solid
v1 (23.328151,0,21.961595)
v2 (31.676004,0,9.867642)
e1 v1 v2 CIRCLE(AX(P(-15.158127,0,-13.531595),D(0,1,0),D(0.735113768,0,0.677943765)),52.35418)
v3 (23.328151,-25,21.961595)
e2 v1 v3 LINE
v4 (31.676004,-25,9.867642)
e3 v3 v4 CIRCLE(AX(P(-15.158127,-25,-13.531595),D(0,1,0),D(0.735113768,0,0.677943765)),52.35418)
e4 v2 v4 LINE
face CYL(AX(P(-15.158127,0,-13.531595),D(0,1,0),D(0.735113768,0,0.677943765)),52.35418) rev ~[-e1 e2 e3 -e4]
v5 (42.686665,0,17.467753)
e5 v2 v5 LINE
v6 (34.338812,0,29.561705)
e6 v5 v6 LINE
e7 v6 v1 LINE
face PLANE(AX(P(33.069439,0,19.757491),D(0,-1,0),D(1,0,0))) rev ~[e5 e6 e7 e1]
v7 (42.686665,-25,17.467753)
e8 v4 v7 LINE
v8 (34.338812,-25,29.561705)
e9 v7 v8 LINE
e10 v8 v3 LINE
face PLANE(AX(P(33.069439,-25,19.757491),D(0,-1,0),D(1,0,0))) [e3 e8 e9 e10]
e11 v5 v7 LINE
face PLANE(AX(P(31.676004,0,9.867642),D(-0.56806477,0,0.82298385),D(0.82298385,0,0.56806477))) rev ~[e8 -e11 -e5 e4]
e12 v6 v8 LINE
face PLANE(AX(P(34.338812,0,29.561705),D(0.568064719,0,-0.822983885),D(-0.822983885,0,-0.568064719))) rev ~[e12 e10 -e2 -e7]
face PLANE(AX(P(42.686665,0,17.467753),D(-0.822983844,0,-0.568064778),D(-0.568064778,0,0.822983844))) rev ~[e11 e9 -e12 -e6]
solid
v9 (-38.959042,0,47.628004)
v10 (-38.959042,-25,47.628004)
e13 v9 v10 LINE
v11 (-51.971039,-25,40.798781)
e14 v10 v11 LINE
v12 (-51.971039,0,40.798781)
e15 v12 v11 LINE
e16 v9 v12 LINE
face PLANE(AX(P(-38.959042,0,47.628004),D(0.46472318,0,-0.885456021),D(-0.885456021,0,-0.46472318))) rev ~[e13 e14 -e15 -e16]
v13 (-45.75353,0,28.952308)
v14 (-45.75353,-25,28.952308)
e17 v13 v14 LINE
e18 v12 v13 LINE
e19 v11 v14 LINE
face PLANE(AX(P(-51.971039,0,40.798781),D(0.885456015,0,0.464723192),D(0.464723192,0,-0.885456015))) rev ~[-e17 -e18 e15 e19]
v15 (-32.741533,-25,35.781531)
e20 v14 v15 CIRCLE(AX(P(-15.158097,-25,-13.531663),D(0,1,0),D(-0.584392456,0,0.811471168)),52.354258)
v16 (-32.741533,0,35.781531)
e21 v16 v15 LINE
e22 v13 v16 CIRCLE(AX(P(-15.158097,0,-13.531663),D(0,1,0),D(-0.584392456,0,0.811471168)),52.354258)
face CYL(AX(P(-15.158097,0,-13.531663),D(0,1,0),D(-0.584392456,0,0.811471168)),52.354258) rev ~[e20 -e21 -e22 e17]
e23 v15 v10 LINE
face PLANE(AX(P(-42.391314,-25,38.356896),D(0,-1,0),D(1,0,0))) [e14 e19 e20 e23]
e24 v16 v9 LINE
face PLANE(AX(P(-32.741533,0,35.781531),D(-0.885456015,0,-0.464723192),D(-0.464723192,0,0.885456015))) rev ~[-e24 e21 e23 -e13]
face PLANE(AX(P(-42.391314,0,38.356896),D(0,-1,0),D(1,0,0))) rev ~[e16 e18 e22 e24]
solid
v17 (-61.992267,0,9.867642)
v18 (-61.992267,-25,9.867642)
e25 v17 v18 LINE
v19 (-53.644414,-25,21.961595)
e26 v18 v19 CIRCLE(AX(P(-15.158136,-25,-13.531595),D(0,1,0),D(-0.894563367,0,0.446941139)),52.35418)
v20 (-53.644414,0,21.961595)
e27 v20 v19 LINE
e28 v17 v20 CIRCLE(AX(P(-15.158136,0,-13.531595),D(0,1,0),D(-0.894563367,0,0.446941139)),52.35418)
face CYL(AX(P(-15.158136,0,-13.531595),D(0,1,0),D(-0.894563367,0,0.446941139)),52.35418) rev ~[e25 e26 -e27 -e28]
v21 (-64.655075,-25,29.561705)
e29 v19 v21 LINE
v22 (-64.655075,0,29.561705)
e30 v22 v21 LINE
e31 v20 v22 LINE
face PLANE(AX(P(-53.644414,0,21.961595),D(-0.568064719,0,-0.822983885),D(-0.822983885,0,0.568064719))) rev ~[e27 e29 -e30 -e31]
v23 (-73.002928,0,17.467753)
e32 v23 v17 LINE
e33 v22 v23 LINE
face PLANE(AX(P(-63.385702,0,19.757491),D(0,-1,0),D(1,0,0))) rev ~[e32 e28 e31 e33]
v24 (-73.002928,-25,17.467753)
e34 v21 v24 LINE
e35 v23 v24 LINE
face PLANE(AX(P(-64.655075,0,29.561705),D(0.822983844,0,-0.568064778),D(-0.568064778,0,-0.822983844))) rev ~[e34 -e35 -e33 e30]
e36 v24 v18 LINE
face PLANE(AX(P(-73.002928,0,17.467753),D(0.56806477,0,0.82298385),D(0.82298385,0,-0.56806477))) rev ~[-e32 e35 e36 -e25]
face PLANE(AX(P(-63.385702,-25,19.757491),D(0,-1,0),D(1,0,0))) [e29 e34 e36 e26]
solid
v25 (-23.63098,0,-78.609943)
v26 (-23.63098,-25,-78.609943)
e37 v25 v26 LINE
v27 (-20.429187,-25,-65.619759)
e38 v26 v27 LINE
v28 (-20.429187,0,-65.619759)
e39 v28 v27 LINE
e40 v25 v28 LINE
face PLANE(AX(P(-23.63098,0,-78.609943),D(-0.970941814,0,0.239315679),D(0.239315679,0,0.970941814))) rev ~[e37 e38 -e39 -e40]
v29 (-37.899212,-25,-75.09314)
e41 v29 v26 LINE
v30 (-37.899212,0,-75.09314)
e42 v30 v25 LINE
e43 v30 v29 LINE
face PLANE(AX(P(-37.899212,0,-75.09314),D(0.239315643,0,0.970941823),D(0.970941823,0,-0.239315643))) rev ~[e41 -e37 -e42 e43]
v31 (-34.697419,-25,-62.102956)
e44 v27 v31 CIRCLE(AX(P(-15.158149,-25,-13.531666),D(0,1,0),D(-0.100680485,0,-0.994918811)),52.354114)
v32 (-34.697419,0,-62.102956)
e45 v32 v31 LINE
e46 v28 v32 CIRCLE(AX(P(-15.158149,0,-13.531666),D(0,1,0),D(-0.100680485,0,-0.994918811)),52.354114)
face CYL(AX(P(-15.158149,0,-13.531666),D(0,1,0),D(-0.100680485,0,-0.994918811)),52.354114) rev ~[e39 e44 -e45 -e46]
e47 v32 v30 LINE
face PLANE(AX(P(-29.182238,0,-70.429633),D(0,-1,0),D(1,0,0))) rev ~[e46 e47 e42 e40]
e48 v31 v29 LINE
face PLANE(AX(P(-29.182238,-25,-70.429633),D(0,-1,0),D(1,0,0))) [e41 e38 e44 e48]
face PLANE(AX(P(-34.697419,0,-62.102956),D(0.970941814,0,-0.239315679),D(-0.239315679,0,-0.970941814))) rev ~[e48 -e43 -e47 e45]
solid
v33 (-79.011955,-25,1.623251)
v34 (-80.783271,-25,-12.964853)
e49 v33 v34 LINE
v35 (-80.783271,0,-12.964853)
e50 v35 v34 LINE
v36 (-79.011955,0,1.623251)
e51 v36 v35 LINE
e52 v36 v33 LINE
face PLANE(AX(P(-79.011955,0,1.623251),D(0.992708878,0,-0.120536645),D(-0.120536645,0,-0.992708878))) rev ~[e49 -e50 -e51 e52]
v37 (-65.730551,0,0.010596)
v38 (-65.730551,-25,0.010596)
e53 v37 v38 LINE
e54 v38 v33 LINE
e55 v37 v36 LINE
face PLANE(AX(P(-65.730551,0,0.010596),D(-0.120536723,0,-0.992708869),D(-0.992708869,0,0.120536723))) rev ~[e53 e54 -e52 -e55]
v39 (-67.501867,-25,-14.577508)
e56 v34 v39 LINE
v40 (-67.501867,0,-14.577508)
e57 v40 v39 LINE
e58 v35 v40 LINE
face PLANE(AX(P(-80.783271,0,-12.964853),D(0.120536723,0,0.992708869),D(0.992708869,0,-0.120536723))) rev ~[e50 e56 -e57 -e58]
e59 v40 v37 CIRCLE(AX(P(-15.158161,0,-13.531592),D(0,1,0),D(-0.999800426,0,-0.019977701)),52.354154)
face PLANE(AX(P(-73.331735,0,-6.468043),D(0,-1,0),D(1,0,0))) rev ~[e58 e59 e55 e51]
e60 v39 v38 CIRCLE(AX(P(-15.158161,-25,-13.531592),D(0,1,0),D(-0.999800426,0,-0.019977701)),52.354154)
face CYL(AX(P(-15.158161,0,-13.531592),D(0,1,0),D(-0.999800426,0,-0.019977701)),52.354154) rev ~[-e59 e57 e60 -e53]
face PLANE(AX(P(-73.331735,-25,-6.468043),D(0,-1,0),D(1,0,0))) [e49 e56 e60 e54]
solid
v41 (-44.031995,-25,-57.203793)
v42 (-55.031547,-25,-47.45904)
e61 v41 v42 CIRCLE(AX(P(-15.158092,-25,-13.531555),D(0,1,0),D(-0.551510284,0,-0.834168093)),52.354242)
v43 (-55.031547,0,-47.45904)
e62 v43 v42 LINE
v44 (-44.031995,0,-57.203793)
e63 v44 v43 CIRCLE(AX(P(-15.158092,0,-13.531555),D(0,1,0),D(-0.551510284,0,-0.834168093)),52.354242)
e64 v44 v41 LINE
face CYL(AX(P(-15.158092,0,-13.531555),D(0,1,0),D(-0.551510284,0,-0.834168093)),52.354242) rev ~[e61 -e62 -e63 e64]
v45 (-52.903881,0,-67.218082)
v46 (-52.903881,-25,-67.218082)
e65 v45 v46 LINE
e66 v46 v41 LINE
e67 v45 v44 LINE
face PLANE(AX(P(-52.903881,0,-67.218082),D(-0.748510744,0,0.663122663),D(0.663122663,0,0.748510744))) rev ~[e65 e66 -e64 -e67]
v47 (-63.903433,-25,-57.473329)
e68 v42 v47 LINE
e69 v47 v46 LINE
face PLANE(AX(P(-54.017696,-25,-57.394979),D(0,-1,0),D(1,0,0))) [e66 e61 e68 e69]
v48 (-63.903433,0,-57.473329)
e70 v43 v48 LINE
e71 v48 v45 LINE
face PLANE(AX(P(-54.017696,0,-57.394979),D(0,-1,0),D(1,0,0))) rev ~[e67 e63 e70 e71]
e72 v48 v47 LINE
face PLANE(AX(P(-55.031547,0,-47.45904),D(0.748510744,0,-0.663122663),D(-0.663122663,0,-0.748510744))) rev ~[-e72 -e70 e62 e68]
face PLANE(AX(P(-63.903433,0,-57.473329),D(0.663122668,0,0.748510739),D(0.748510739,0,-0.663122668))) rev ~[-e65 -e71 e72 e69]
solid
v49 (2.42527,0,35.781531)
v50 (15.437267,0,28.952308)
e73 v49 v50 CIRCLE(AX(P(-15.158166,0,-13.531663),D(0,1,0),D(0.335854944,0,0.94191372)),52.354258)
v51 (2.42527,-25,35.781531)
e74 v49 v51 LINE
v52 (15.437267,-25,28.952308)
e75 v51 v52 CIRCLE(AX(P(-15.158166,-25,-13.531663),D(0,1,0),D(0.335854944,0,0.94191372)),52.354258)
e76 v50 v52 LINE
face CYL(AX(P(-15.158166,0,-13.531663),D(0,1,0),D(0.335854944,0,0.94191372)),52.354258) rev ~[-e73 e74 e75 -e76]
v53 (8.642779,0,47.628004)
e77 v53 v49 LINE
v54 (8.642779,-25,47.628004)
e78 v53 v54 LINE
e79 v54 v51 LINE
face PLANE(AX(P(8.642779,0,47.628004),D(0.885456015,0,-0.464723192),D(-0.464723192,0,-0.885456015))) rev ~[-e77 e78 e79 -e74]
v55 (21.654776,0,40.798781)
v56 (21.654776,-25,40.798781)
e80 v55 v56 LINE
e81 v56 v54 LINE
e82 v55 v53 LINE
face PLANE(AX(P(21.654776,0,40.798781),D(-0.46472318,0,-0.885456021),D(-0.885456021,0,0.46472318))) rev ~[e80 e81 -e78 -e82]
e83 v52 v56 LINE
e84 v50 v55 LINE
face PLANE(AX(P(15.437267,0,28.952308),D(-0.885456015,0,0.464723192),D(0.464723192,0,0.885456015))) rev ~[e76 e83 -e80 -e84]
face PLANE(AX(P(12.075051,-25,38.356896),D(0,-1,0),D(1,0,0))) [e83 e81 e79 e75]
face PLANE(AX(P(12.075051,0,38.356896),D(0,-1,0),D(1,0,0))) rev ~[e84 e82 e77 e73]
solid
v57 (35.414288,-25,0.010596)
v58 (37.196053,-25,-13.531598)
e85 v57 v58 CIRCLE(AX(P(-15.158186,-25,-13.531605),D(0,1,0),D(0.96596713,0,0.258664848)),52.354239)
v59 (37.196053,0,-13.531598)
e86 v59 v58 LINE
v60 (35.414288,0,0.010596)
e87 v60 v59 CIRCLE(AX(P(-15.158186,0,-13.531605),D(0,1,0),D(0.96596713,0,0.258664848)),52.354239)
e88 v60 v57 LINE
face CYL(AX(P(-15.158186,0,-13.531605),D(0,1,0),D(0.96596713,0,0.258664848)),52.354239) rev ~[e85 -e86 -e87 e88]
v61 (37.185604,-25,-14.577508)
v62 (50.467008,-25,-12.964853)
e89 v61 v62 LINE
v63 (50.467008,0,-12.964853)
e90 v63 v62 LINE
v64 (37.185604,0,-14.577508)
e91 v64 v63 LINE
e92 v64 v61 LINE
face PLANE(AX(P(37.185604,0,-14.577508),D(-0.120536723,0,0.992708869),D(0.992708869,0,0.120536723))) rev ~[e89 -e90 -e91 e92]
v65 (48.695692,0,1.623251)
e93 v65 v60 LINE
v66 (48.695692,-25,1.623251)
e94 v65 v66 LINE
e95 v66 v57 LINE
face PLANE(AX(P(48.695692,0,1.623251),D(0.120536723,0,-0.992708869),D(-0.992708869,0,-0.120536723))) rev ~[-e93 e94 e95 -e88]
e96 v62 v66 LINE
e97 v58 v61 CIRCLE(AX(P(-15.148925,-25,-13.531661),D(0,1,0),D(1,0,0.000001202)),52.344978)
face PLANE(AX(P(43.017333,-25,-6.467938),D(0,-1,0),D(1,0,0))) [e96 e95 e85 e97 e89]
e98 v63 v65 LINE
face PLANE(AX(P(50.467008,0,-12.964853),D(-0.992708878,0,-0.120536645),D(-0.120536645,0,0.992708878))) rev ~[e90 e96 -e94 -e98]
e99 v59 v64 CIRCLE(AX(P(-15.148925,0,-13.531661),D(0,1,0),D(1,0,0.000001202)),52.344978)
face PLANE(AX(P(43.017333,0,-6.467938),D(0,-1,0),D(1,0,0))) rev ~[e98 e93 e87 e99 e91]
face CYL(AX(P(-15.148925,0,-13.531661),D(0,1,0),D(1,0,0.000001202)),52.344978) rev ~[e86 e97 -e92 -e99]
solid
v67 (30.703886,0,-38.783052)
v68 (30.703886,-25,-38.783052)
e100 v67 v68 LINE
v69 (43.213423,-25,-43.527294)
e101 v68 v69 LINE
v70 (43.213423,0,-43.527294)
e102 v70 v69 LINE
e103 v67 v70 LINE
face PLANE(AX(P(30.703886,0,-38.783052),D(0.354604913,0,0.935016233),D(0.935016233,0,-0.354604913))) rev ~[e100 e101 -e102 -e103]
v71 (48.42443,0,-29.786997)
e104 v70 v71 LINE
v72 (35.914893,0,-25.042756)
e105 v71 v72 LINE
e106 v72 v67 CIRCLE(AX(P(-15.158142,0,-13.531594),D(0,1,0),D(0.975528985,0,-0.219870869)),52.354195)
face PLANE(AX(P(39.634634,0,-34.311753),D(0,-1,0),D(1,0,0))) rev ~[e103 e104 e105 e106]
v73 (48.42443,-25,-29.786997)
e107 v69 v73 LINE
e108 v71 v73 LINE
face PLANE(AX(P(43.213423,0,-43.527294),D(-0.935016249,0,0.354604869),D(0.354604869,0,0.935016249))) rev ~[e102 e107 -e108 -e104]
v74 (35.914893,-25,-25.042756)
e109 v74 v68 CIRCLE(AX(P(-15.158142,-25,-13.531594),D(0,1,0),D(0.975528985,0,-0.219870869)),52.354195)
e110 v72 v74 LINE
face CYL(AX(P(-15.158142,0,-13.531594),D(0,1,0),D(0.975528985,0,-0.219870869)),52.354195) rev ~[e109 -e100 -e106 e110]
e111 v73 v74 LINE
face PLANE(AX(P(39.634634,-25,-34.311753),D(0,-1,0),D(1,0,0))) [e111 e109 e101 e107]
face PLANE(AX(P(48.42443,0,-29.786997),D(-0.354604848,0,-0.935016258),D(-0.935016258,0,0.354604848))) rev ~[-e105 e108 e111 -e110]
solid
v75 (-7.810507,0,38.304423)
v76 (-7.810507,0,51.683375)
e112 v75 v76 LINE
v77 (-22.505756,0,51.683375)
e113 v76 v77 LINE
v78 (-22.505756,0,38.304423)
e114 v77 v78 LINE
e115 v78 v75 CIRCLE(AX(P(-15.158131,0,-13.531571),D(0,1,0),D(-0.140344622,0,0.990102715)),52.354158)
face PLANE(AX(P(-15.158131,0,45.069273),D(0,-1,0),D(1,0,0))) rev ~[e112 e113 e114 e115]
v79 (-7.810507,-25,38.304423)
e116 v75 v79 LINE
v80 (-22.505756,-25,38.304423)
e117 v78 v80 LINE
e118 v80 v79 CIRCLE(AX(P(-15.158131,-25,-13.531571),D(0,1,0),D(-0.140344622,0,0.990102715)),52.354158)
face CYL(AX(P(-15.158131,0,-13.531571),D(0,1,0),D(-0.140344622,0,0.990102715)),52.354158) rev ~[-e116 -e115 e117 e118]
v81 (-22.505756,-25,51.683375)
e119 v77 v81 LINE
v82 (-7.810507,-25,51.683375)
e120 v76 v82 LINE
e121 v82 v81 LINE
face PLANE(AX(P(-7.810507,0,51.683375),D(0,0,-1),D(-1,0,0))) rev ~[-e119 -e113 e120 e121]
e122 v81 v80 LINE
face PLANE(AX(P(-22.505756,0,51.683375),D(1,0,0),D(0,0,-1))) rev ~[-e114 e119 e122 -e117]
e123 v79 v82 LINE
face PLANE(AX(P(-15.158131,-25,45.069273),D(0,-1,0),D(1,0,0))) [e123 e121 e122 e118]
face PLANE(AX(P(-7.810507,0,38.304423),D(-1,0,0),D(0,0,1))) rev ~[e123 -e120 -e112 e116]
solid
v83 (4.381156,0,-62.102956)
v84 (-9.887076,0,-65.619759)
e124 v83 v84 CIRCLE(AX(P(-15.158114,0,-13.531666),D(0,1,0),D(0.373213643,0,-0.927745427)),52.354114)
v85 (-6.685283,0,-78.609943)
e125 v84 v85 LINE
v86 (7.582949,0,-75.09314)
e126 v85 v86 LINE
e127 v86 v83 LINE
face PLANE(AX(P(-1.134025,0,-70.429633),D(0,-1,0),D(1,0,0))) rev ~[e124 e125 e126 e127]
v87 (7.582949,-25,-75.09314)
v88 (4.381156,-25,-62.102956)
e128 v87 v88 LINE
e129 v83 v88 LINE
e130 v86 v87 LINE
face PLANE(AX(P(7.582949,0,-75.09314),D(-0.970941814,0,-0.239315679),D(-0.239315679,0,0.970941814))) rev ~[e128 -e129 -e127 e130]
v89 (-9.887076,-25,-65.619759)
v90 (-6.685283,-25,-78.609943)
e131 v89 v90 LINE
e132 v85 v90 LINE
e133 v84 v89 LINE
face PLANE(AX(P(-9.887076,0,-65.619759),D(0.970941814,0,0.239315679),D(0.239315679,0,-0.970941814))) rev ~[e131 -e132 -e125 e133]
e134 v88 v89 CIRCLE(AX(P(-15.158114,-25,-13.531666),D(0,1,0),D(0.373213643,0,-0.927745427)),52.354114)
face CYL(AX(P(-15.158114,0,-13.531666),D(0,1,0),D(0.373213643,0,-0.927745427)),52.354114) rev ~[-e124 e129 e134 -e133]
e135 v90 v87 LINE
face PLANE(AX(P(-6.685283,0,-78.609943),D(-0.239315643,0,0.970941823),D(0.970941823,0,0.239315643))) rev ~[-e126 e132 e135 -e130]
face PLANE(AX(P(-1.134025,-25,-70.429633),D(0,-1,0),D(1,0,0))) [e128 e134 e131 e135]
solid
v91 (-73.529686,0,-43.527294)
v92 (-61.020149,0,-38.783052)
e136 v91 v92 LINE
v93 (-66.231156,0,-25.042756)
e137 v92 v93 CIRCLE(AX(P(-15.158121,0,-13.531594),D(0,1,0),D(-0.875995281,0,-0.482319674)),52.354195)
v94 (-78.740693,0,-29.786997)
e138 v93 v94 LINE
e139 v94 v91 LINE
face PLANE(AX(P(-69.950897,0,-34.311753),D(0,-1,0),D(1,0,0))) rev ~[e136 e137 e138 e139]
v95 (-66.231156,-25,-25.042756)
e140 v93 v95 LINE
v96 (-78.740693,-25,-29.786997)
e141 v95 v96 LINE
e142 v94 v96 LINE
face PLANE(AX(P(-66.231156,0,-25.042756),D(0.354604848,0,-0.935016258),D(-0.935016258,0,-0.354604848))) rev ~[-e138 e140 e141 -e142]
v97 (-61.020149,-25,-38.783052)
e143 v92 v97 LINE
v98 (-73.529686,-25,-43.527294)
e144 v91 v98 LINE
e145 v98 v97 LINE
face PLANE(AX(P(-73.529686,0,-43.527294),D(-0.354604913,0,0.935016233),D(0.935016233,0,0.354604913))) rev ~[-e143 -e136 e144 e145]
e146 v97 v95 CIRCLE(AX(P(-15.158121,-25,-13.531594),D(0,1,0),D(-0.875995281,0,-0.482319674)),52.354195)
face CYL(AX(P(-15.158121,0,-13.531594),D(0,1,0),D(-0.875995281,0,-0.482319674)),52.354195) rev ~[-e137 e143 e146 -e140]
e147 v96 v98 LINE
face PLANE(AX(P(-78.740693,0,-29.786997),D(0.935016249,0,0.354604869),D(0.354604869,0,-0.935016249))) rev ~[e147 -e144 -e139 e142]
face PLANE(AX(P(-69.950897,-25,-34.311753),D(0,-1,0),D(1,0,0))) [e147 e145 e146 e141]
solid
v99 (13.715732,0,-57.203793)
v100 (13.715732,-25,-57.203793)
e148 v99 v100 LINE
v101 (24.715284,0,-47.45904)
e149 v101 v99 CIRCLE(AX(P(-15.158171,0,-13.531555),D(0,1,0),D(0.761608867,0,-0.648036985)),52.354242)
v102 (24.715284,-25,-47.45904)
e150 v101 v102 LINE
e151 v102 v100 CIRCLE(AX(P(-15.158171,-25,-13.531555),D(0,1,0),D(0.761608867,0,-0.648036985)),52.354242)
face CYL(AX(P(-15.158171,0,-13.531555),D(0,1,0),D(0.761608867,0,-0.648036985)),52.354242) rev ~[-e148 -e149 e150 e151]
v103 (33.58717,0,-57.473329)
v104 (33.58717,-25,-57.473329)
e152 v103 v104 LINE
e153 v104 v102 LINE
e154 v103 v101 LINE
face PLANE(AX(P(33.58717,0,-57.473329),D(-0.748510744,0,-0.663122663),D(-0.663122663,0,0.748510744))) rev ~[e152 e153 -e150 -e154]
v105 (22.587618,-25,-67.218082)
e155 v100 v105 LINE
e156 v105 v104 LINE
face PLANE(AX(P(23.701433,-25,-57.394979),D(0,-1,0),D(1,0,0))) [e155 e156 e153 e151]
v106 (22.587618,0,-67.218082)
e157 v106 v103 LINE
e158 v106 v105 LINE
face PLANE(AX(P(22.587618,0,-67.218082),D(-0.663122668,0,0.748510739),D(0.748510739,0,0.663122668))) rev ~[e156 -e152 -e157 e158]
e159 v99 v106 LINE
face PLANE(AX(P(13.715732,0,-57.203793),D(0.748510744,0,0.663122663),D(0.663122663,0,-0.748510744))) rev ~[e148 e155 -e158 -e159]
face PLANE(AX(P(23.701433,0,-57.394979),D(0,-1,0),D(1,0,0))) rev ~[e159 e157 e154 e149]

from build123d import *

# Parameters (mm, degrees)
F1_DEPTH = 25


with BuildPart() as f1:
    # F0 (on Front) → F1 (new body)
    with BuildSketch(Plane.XZ):
        with BuildLine():
            ThreePointArc((23.328151, 21.961595), (27.928518, 16.208969), (31.676004, 9.867642))
            Line((31.676004, 9.867642), (42.686665, 17.467753))
            Line((42.686665, 17.467753), (34.338812, 29.561705))
            Line((34.338812, 29.561705), (23.328151, 21.961595))
        make_face()
        with BuildLine():
            ThreePointArc((2.42527, 35.781531), (9.172071, 32.82573), (15.437267, 28.952308))
            Line((15.437267, 28.952308), (21.654776, 40.798781))
            Line((21.654776, 40.798781), (8.642779, 47.628004))
            Line((8.642779, 47.628004), (2.42527, 35.781531))
        make_face()
        with BuildLine():
            ThreePointArc((-22.505756, 38.304423), (-15.158131, 38.822587), (-7.810507, 38.304423))
            Line((-7.810507, 38.304423), (-7.810507, 51.683375))
            Line((-7.810507, 51.683375), (-22.505756, 51.683375))
            Line((-22.505756, 51.683375), (-22.505756, 38.304423))
        make_face()
        with BuildLine():
            ThreePointArc((-45.75353, 28.952308), (-39.488334, 32.82573), (-32.741533, 35.781531))
            Line((-32.741533, 35.781531), (-38.959042, 47.628004))
            Line((-38.959042, 47.628004), (-51.971039, 40.798781))
            Line((-51.971039, 40.798781), (-45.75353, 28.952308))
        make_face()
        with BuildLine():
            ThreePointArc((-61.992267, 9.867642), (-58.244781, 16.208969), (-53.644414, 21.961595))
            Line((-53.644414, 21.961595), (-64.655075, 29.561705))
            Line((-64.655075, 29.561705), (-73.002928, 17.467753))
            Line((-73.002928, 17.467753), (-61.992267, 9.867642))
        make_face()
        with BuildLine():
            ThreePointArc((-67.501867, -14.577508), (-67.130595, -7.220998), (-65.730551, 0.010596))
            Line((-65.730551, 0.010596), (-79.011955, 1.623251))
            Line((-79.011955, 1.623251), (-80.783271, -12.964853))
            Line((-80.783271, -12.964853), (-67.501867, -14.577508))
        make_face()
        with BuildLine():
            Line((-73.529686, -43.527294), (-61.020149, -38.783052))
            ThreePointArc((-61.020149, -38.783052), (-64.110144, -32.096647), (-66.231156, -25.042756))
            Line((-66.231156, -25.042756), (-78.740693, -29.786997))
            Line((-78.740693, -29.786997), (-73.529686, -43.527294))
        make_face()
        with BuildLine():
            Line((-52.903881, -67.218082), (-44.031995, -57.203793))
            ThreePointArc((-44.031995, -57.203793), (-49.875377, -52.719267), (-55.031547, -47.45904))
            Line((-55.031547, -47.45904), (-63.903433, -57.473329))
            Line((-63.903433, -57.473329), (-52.903881, -67.218082))
        make_face()
        with BuildLine():
            Line((-23.63098, -78.609943), (-20.429187, -65.619759))
            ThreePointArc((-20.429187, -65.619759), (-27.687308, -64.364465), (-34.697419, -62.102956))
            Line((-34.697419, -62.102956), (-37.899212, -75.09314))
            Line((-37.899212, -75.09314), (-23.63098, -78.609943))
        make_face()
        with BuildLine():
            Line((7.582949, -75.09314), (4.381156, -62.102956))
            ThreePointArc((4.381156, -62.102956), (-2.628955, -64.364465), (-9.887076, -65.619759))
            Line((-9.887076, -65.619759), (-6.685283, -78.609943))
            Line((-6.685283, -78.609943), (7.582949, -75.09314))
        make_face()
        with BuildLine():
            Line((33.58717, -57.473329), (24.715284, -47.45904))
            ThreePointArc((24.715284, -47.45904), (19.559114, -52.719267), (13.715732, -57.203793))
            Line((13.715732, -57.203793), (22.587618, -67.218082))
            Line((22.587618, -67.218082), (33.58717, -57.473329))
        make_face()
        with BuildLine():
            Line((48.42443, -29.786997), (35.914893, -25.042756))
            ThreePointArc((35.914893, -25.042756), (33.793881, -32.096647), (30.703886, -38.783052))
            Line((30.703886, -38.783052), (43.213423, -43.527294))
            Line((43.213423, -43.527294), (48.42443, -29.786997))
        make_face()
        with BuildLine():
            ThreePointArc((35.414288, 0.010596), (36.7487, -6.702145), (37.196053, -13.531598))
            ThreePointArc((37.196053, -13.531598), (37.193441, -14.054579), (37.185604, -14.577508))
            Line((37.185604, -14.577508), (50.467008, -12.964853))
            Line((50.467008, -12.964853), (48.695692, 1.623251))
            Line((48.695692, 1.623251), (35.414288, 0.010596))
        make_face()
    extrude(amount=F1_DEPTH)


solid = f1.part
